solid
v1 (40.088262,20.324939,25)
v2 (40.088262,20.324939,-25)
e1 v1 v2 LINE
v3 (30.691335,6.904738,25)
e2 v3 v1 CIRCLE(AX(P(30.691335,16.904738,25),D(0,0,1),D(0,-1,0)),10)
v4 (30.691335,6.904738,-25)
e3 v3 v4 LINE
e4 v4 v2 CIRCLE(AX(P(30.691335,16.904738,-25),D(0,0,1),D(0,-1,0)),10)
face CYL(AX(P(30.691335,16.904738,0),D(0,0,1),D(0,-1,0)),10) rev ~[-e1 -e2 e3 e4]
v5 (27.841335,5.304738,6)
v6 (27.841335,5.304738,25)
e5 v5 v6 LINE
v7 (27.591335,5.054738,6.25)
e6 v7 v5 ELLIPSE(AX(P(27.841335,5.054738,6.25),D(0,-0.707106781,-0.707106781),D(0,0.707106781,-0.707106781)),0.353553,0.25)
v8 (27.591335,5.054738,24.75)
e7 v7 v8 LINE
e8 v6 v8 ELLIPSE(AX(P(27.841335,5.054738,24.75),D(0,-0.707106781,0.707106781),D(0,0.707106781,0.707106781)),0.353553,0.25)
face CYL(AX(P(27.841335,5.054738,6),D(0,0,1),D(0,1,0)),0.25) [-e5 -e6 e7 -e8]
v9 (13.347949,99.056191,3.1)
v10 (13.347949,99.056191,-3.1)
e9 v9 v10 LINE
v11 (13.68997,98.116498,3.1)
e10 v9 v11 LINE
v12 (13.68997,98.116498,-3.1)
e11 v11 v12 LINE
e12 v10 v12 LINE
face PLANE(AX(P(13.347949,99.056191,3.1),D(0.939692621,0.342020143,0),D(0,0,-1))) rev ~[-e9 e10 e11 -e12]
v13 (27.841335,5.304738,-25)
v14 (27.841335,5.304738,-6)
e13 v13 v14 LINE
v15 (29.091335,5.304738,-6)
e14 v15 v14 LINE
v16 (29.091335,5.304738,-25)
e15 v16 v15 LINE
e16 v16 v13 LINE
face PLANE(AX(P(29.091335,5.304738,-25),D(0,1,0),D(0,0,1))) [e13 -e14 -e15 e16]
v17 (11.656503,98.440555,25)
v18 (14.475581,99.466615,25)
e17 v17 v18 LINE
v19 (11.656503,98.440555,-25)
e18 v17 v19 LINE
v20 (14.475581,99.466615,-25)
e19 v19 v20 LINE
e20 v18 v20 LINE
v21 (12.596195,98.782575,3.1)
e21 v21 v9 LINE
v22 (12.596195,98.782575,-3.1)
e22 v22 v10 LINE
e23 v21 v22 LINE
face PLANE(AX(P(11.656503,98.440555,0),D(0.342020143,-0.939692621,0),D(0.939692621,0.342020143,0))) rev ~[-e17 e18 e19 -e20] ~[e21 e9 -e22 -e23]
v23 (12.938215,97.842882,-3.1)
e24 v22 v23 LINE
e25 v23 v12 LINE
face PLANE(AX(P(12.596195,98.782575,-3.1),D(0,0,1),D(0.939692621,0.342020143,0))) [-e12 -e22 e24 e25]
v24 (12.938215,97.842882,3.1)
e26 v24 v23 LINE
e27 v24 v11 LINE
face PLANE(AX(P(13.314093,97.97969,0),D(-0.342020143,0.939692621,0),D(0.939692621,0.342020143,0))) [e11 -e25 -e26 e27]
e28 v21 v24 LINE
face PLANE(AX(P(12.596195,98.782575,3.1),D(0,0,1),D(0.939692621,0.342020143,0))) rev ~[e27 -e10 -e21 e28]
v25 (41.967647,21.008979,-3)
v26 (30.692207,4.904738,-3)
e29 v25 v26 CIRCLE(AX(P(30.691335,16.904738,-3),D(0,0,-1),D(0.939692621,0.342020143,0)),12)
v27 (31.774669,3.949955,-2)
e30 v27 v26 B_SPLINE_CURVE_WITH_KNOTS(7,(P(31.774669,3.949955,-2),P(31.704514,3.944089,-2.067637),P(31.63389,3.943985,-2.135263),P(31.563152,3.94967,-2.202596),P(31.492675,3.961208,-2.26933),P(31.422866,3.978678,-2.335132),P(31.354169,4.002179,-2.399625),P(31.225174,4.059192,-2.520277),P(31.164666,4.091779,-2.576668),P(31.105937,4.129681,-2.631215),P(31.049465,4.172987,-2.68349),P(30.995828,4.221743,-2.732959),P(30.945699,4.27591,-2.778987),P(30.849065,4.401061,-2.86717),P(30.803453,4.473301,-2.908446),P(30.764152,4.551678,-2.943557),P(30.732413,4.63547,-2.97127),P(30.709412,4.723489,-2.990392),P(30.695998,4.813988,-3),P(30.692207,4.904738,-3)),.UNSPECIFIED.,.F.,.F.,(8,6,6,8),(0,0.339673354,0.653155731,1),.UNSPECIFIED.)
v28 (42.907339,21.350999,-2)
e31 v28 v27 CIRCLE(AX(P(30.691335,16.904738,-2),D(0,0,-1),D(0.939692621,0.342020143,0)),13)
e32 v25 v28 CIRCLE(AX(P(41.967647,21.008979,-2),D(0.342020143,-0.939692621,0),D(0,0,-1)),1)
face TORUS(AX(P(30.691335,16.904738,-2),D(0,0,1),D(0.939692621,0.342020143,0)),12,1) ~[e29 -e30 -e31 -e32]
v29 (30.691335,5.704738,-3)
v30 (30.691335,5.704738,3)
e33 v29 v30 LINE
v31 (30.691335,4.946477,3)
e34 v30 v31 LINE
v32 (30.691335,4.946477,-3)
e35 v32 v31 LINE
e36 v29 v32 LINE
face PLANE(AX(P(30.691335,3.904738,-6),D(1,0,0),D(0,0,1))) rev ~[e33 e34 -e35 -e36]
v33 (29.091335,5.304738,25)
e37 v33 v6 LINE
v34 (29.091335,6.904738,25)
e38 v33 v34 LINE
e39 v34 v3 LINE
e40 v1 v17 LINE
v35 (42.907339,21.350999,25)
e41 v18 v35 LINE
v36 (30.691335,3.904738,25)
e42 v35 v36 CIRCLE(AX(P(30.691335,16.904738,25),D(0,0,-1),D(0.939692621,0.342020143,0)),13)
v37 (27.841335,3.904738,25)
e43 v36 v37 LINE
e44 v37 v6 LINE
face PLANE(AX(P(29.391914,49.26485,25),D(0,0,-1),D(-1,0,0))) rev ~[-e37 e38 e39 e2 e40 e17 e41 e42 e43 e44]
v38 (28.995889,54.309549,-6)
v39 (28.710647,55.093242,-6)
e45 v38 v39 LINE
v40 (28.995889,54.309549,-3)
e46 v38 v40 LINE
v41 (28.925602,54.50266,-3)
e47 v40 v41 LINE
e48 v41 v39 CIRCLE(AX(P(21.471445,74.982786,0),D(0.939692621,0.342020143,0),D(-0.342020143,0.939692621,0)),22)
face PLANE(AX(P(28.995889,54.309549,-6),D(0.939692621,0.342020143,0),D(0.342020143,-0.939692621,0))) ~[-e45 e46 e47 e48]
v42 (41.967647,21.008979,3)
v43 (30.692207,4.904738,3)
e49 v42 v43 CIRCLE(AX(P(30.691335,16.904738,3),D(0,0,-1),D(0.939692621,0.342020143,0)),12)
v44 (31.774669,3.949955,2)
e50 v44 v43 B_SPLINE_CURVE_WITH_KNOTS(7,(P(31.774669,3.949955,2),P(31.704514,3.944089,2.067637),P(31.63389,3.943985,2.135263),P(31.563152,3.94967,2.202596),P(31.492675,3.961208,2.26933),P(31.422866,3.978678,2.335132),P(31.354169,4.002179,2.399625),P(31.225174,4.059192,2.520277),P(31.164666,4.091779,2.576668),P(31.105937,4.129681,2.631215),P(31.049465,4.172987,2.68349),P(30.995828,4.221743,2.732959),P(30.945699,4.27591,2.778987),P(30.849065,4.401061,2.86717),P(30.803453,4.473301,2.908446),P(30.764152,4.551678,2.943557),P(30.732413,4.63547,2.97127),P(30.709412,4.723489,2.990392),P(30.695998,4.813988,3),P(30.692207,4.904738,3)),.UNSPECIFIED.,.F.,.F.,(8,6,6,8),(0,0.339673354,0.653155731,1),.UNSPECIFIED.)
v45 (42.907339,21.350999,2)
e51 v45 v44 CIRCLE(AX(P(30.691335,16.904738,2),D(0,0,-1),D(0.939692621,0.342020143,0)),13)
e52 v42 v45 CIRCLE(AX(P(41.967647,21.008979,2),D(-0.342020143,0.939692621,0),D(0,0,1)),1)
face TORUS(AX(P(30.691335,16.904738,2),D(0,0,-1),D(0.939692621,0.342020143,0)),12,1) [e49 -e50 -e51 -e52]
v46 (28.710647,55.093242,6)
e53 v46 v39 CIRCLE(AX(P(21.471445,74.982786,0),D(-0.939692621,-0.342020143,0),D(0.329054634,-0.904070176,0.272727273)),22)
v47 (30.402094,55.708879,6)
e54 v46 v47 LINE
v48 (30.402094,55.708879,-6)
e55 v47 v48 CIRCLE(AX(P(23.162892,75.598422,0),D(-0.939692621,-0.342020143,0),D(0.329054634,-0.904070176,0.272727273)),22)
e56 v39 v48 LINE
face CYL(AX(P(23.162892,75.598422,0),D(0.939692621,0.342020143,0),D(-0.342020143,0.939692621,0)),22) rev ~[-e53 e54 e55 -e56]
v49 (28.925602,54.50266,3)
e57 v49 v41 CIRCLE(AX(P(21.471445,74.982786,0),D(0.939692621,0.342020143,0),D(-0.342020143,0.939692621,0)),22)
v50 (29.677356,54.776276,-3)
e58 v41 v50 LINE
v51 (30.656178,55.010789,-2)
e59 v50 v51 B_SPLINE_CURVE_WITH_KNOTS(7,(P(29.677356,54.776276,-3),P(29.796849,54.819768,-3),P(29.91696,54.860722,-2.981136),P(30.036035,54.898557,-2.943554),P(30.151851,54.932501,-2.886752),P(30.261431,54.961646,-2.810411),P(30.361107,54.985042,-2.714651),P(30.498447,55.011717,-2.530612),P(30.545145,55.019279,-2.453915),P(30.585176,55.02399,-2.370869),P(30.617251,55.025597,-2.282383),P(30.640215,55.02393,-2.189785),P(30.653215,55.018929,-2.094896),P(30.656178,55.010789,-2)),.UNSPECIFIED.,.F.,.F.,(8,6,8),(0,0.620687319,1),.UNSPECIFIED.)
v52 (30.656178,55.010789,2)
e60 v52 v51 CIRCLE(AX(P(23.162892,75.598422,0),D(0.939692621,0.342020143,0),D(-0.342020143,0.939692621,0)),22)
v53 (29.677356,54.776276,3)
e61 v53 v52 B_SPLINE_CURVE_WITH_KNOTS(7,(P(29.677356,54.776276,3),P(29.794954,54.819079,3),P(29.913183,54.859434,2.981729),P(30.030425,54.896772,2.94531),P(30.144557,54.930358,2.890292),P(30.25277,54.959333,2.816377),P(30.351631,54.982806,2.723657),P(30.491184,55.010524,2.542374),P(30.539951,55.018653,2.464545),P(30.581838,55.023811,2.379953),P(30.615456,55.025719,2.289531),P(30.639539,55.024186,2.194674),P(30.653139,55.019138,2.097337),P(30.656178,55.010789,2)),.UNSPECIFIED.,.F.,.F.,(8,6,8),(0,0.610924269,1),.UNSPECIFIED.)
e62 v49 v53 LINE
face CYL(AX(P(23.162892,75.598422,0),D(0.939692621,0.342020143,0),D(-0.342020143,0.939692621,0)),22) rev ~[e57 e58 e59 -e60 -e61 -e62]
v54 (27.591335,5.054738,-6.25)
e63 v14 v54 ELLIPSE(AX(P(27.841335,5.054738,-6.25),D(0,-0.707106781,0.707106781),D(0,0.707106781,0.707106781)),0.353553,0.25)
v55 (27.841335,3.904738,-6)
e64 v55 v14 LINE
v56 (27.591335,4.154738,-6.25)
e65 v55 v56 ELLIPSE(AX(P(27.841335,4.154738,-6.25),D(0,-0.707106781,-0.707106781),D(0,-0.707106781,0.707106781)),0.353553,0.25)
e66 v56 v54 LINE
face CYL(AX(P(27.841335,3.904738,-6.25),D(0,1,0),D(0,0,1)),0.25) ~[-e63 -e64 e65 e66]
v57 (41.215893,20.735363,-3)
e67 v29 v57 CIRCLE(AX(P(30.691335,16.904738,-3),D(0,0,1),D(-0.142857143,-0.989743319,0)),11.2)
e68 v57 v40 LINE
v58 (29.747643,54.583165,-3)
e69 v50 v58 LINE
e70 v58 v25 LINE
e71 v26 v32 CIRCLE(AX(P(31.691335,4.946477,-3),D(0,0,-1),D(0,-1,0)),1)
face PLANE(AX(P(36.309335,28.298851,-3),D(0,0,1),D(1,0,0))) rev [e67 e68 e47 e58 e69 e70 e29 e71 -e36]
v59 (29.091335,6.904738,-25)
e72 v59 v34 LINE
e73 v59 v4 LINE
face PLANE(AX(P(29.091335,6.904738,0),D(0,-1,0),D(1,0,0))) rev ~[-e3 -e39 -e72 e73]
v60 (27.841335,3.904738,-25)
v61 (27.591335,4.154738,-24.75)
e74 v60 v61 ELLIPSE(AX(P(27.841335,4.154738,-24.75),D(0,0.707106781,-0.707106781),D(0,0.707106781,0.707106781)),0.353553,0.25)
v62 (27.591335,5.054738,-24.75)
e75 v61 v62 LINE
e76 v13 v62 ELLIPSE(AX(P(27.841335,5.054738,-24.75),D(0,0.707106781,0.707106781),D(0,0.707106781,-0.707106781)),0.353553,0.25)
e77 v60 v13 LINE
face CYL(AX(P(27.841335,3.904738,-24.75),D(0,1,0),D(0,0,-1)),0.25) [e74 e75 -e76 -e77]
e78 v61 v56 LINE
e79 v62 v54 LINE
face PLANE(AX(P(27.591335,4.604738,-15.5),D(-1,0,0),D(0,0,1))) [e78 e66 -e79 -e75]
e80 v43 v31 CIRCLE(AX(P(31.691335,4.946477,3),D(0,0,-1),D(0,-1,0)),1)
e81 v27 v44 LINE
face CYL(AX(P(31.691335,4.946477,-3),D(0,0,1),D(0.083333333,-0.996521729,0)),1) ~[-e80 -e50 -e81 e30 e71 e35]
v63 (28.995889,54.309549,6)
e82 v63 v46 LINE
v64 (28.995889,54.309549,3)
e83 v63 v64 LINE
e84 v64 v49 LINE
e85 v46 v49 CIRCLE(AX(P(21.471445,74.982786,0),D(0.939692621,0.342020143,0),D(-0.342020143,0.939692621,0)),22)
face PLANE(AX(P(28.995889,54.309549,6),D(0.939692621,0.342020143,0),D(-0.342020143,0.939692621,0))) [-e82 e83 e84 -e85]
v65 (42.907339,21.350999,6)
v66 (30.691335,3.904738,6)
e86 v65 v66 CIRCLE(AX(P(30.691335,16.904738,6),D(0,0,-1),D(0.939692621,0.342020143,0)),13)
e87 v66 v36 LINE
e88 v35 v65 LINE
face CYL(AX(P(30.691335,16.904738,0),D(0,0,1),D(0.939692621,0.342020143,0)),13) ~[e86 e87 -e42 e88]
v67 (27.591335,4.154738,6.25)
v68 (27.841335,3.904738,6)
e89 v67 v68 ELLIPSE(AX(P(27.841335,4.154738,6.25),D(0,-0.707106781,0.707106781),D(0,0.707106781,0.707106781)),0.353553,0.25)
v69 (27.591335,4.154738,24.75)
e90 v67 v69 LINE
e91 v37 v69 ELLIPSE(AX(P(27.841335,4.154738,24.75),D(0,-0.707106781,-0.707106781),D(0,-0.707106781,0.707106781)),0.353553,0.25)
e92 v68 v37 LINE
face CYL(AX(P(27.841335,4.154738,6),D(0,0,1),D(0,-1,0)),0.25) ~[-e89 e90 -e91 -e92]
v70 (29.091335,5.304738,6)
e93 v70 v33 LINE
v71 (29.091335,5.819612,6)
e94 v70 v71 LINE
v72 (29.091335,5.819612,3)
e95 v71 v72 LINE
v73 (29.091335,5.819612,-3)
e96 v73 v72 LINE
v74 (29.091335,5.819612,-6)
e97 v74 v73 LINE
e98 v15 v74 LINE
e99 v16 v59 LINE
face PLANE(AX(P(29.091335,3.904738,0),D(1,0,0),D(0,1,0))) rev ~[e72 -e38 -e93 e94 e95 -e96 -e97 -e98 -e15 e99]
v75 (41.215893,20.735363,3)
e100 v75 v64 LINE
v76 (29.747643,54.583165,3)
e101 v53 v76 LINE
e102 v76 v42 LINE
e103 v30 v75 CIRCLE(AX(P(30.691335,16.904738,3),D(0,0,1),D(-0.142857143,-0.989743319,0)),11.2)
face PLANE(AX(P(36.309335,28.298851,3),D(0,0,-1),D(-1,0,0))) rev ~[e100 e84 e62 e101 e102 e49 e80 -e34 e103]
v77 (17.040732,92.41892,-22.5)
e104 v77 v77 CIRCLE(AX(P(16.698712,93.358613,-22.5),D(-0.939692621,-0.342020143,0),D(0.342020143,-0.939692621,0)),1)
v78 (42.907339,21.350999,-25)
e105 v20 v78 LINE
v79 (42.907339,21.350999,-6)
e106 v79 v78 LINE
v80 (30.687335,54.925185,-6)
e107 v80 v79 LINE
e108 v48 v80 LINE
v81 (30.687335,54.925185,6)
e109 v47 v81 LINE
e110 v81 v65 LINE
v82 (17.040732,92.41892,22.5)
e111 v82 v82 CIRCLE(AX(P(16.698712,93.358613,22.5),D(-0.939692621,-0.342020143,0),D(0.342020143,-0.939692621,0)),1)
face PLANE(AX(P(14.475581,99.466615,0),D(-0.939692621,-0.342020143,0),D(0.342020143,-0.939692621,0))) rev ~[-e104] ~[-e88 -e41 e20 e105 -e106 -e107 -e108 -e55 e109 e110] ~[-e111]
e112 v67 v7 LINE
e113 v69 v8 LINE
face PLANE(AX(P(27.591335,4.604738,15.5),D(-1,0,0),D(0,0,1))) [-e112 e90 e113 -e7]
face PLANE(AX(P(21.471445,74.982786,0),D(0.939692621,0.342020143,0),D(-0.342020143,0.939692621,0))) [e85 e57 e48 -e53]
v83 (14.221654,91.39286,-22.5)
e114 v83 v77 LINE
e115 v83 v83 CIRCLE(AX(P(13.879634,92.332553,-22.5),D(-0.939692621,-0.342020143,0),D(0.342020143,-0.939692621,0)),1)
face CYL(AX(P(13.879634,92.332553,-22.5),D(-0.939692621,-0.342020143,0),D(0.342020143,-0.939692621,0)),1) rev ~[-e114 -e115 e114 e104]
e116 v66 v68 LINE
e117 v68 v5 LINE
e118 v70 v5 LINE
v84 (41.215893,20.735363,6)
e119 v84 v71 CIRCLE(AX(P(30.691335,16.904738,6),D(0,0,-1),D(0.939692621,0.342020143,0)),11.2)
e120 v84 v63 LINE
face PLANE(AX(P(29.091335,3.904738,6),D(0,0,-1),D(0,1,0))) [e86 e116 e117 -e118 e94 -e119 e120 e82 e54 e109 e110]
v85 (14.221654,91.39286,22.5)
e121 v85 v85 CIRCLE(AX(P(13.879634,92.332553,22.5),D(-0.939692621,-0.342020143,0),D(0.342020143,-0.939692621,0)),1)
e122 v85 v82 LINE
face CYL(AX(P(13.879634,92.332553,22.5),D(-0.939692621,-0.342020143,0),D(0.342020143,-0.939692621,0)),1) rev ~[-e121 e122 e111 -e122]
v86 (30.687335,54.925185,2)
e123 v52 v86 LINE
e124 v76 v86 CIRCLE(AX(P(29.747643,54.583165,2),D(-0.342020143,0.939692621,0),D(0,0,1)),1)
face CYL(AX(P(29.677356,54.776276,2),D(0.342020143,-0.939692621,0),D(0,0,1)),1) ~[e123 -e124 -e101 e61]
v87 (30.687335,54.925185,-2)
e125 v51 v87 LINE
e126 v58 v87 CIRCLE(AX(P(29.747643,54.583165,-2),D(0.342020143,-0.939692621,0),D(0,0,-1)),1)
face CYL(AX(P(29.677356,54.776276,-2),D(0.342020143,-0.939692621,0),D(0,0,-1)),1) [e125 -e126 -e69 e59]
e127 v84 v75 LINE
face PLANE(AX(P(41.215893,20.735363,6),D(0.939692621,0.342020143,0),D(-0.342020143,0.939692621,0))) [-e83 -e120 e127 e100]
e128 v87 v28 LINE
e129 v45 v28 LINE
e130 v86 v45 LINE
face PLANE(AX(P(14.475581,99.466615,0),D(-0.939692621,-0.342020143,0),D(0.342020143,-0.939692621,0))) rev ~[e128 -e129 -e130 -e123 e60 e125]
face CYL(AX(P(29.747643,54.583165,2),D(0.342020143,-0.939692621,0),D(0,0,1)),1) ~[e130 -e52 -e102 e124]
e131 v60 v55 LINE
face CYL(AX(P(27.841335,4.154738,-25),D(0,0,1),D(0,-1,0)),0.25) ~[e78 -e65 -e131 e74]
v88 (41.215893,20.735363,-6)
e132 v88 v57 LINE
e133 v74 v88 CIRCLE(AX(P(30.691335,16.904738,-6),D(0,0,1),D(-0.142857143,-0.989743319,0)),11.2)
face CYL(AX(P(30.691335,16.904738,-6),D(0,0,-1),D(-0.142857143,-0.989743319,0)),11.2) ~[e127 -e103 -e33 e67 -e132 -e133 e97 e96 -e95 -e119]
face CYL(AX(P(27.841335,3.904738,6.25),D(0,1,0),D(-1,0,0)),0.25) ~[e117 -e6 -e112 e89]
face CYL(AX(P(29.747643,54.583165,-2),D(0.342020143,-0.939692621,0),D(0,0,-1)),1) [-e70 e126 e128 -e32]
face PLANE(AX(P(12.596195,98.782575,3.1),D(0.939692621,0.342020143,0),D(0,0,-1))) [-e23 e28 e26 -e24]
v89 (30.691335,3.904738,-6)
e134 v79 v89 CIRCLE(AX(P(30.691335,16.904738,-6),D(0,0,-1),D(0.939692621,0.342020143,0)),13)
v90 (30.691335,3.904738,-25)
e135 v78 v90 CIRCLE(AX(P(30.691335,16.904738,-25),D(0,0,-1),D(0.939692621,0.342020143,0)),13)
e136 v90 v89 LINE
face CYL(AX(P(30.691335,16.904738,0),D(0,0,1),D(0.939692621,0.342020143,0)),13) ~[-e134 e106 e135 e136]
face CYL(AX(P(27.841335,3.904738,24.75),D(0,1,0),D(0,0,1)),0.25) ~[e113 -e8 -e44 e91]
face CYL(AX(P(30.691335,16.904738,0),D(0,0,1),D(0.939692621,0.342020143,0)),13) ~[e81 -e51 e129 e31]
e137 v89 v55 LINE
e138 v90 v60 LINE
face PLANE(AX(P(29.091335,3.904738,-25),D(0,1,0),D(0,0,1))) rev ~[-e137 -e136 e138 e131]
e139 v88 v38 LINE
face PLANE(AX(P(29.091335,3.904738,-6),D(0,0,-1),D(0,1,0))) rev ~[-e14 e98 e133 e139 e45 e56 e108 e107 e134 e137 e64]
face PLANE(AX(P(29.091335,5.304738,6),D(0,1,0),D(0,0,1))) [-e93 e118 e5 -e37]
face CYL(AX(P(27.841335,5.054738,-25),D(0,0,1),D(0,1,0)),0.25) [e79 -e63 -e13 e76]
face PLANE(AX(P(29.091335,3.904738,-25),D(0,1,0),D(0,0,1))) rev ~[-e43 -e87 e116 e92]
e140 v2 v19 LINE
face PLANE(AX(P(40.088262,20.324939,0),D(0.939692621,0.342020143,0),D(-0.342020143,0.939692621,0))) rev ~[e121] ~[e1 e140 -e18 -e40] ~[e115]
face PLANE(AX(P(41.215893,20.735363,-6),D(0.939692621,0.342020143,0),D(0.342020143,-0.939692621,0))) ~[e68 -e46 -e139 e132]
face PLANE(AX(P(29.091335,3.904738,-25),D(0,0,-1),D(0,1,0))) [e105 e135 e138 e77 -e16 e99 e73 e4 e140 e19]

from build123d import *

# Parameters (mm, degrees)
EXTRUDE_1_DEPTH            = 25
SKETCH_4_R                 = 22
CUT_EXTRUDE_1_DEPTH        = 1.8
CUT_EXTRUDE_START          = 6
CUT_EXTRUDE_1_2_DEPTH      = 3
SKETCH_11_W                = 19
SKETCH_11_H                = 1.4
EXTRUDE_3_DEPTH            = 1.5
FILLET_1_R                 = 0.25
SKETCH_14_W                = 0.8
SKETCH_14_H                = 6.2
CUT_EXTRUDE_2_DEPTH        = 1
CUT_EXTRUDE_1_3_REACH      = 110.009
CUT_EXTRUDE_1_3_END_RADIUS = 11.2
SKETCH_15_W                = 2.85
SKETCH_15_H                = 12
FILLET_1_2_R               = 1
CUT_EXTRUDE_2_2_REACH      = 94.909
SKETCH_16_R                = 1


with BuildPart() as part:
    # 草图2 → 整体拉伸-薄壁1 (new, symmetric)
    with BuildSketch(Plane.XY):
        with BuildLine():
            Line((29.091335385, 6.904737634), (30.691335385, 6.904737634))
            ThreePointArc((30.691335385, 6.904737634), (38.882855828, 11.16897327), (40.088261593, 20.324939067))
            Line((40.088261593, 20.324939067), (11.65650271, 98.440554593))
            Line((11.65650271, 98.440554593), (14.475580572, 99.466615023))
            Line((14.475580572, 99.466615023), (42.907339455, 21.350999497))
            ThreePointArc((42.907339455, 21.350999497), (41.340311961, 9.448243961), (30.691335385, 3.904737634))
            Line((30.691335385, 3.904737634), (29.091335385, 3.904737634))
            Line((29.091335385, 3.904737634), (29.091335385, 6.904737634))
        make_face()
    extrude(amount=EXTRUDE_1_DEPTH, both=True)

    # 草图4 → Cut-Extrude 1 (cut)
    with BuildSketch(Plane(origin=(44.750213172, 16.287745572, 0), x_dir=(0, 0, -1), z_dir=(0.9396926207859071, 0.3420201433256726, 0))):
        with Locations(Location((0, 63.117104009, 0), (0, 0, 90))):
            Circle(SKETCH_4_R)
    extrude(amount=-CUT_EXTRUDE_1_DEPTH, mode=Mode.SUBTRACT)

    # 草图3 → Cut-Extrude 1 2 (cut)
    with BuildSketch(Plane.XY.offset(CUT_EXTRUDE_START)):
        with BuildLine():
            ThreePointArc((29.091335385, 5.819612465), (39.382240762, 9.840166611), (41.215892738, 20.735363239))
            Line((41.215892738, 20.735363239), (28.995888649, 54.30954854))
            Line((28.995888649, 54.30954854), (27.969828219, 57.128626402))
            Line((27.969828219, 57.128626402), (29.661274936, 57.74426266))
            Line((29.661274936, 57.74426266), (30.687335366, 54.925184798))
            Line((30.687335366, 54.925184798), (42.907339455, 21.350999497))
            ThreePointArc((42.907339455, 21.350999497), (40.778993412, 8.704789126), (28.834192528, 4.038074492))
            Line((28.834192528, 4.038074492), (29.091335385, 5.819612465))
        make_face()
    cut_extrude_1_2 = extrude(amount=-CUT_EXTRUDE_1_2_DEPTH, mode=Mode.SUBTRACT)

    # 镜向1: Cut-Extrude 1 2 across plane
    add(cut_extrude_1_2.mirror(Plane.XY), mode=Mode.SUBTRACT)

    # 草图11 → 底部卡扣凸台-拉伸3 (add)
    with BuildSketch(Plane.ZY.offset(-29.091335385)):
        with Locations((-15.5, 4.604737634)):
            Rectangle(SKETCH_11_W, SKETCH_11_H)
        with Locations((15.5, 4.604737634)):
            Rectangle(SKETCH_11_W, SKETCH_11_H)
    extrude(amount=EXTRUDE_3_DEPTH)

    # Fillet 1
    fillet_1_edges = [part.edges().sort_by_distance(p)[0] for p in [
        (27.591335385, 4.604737634, 6),
        (27.591335385, 3.904737634, 15.5),
        (27.591335385, 4.604737634, 25),
        (27.591335385, 5.304737634, 15.5),
        (27.591335385, 4.604737634, -25),
        (27.591335385, 3.904737634, -15.5),
        (27.591335385, 4.604737634, -6),
        (27.591335385, 5.304737634, -15.5),
    ]]
    fillet(fillet_1_edges, radius=FILLET_1_R)

    # 草图14 → Cut-Extrude 2 (cut)
    with BuildSketch(Plane(origin=(-30.2746326, 83.178869451, 0), x_dir=(0.9396926207859067, 0.3420201433256736, 0), z_dir=(-0.3420201433256736, 0.9396926207859068, 0))):
        with Locations((46.022182172, 0)):
            Rectangle(SKETCH_14_W, SKETCH_14_H)
    extrude(amount=-CUT_EXTRUDE_2_DEPTH, mode=Mode.SUBTRACT)

    # Cut-Extrude 1 3: up to this cylinder (the profile starts outside it)
    cut_extrude_1_3_end = Plane(origin=(30.691335385, 16.904737634, 0), z_dir=(0, 0, 1)) * Cylinder(CUT_EXTRUDE_1_3_END_RADIUS, 243.418, mode=Mode.PRIVATE)
    # 草图15 → Cut-Extrude 1 3 (cut, up to the surface)
    with BuildSketch(Plane.XZ.offset(-3.904737634), mode=Mode.PRIVATE) as cut_extrude_1_3_sk1:
        with Locations((29.266335385, 0)):
            Rectangle(SKETCH_15_W, SKETCH_15_H)
    cut_extrude_1_3_tool1 = extrude(cut_extrude_1_3_sk1.sketch, amount=-CUT_EXTRUDE_1_3_REACH, mode=Mode.PRIVATE) - cut_extrude_1_3_end
    add(cut_extrude_1_3_tool1.solids().sort_by_distance((29.266335, 3.904738, 0))[0], mode=Mode.SUBTRACT)

    # Fillet 1 2
    fillet_1_2_edges = [part.edges().sort_by_distance(p)[0] for p in [
        (30.691335385, 3.904737634, 0),
        (36.762193938, 38.234648046, 3),
        (41.340311961, 9.448243961, 3),
        (41.340311961, 9.448243961, -3),
        (36.762193938, 38.234648046, -3),
    ]]
    fillet(fillet_1_2_edges, radius=FILLET_1_2_R)

    # 草图16 → Cut-Extrude 2 2 (cut, up to next)
    with BuildSketch(Plane(origin=(41.93113531, 15.261685142, 0), x_dir=(0, 0, 1), z_dir=(-0.9396926207859069, -0.3420201433256731, 0)), mode=Mode.PRIVATE) as cut_extrude_2_2_sk1:
        with Locations(Location((-22.5, 82.017104009, 0), (0, 0, 270))):
            Circle(SKETCH_16_R)
    cut_extrude_2_2_tool1 = extrude(cut_extrude_2_2_sk1.sketch, amount=-CUT_EXTRUDE_2_2_REACH, mode=Mode.PRIVATE) & part.part
    # 草图16 → Cut-Extrude 2 2 (cut, up to next)
    with BuildSketch(Plane(origin=(41.93113531, 15.261685142, 0), x_dir=(0, 0, 1), z_dir=(-0.9396926207859069, -0.3420201433256731, 0)), mode=Mode.PRIVATE) as cut_extrude_2_2_sk2:
        with Locations(Location((22.5, 82.017104009, 0), (0, 0, 270))):
            Circle(SKETCH_16_R)
    cut_extrude_2_2_tool2 = extrude(cut_extrude_2_2_sk2.sketch, amount=-CUT_EXTRUDE_2_2_REACH, mode=Mode.PRIVATE) & part.part
    add(cut_extrude_2_2_tool1.solids().sort_by_distance((13.879634, 92.332553, -22.5))[0], mode=Mode.SUBTRACT)
    add(cut_extrude_2_2_tool2.solids().sort_by_distance((13.879634, 92.332553, 22.5))[0], mode=Mode.SUBTRACT)


solid = part.part
